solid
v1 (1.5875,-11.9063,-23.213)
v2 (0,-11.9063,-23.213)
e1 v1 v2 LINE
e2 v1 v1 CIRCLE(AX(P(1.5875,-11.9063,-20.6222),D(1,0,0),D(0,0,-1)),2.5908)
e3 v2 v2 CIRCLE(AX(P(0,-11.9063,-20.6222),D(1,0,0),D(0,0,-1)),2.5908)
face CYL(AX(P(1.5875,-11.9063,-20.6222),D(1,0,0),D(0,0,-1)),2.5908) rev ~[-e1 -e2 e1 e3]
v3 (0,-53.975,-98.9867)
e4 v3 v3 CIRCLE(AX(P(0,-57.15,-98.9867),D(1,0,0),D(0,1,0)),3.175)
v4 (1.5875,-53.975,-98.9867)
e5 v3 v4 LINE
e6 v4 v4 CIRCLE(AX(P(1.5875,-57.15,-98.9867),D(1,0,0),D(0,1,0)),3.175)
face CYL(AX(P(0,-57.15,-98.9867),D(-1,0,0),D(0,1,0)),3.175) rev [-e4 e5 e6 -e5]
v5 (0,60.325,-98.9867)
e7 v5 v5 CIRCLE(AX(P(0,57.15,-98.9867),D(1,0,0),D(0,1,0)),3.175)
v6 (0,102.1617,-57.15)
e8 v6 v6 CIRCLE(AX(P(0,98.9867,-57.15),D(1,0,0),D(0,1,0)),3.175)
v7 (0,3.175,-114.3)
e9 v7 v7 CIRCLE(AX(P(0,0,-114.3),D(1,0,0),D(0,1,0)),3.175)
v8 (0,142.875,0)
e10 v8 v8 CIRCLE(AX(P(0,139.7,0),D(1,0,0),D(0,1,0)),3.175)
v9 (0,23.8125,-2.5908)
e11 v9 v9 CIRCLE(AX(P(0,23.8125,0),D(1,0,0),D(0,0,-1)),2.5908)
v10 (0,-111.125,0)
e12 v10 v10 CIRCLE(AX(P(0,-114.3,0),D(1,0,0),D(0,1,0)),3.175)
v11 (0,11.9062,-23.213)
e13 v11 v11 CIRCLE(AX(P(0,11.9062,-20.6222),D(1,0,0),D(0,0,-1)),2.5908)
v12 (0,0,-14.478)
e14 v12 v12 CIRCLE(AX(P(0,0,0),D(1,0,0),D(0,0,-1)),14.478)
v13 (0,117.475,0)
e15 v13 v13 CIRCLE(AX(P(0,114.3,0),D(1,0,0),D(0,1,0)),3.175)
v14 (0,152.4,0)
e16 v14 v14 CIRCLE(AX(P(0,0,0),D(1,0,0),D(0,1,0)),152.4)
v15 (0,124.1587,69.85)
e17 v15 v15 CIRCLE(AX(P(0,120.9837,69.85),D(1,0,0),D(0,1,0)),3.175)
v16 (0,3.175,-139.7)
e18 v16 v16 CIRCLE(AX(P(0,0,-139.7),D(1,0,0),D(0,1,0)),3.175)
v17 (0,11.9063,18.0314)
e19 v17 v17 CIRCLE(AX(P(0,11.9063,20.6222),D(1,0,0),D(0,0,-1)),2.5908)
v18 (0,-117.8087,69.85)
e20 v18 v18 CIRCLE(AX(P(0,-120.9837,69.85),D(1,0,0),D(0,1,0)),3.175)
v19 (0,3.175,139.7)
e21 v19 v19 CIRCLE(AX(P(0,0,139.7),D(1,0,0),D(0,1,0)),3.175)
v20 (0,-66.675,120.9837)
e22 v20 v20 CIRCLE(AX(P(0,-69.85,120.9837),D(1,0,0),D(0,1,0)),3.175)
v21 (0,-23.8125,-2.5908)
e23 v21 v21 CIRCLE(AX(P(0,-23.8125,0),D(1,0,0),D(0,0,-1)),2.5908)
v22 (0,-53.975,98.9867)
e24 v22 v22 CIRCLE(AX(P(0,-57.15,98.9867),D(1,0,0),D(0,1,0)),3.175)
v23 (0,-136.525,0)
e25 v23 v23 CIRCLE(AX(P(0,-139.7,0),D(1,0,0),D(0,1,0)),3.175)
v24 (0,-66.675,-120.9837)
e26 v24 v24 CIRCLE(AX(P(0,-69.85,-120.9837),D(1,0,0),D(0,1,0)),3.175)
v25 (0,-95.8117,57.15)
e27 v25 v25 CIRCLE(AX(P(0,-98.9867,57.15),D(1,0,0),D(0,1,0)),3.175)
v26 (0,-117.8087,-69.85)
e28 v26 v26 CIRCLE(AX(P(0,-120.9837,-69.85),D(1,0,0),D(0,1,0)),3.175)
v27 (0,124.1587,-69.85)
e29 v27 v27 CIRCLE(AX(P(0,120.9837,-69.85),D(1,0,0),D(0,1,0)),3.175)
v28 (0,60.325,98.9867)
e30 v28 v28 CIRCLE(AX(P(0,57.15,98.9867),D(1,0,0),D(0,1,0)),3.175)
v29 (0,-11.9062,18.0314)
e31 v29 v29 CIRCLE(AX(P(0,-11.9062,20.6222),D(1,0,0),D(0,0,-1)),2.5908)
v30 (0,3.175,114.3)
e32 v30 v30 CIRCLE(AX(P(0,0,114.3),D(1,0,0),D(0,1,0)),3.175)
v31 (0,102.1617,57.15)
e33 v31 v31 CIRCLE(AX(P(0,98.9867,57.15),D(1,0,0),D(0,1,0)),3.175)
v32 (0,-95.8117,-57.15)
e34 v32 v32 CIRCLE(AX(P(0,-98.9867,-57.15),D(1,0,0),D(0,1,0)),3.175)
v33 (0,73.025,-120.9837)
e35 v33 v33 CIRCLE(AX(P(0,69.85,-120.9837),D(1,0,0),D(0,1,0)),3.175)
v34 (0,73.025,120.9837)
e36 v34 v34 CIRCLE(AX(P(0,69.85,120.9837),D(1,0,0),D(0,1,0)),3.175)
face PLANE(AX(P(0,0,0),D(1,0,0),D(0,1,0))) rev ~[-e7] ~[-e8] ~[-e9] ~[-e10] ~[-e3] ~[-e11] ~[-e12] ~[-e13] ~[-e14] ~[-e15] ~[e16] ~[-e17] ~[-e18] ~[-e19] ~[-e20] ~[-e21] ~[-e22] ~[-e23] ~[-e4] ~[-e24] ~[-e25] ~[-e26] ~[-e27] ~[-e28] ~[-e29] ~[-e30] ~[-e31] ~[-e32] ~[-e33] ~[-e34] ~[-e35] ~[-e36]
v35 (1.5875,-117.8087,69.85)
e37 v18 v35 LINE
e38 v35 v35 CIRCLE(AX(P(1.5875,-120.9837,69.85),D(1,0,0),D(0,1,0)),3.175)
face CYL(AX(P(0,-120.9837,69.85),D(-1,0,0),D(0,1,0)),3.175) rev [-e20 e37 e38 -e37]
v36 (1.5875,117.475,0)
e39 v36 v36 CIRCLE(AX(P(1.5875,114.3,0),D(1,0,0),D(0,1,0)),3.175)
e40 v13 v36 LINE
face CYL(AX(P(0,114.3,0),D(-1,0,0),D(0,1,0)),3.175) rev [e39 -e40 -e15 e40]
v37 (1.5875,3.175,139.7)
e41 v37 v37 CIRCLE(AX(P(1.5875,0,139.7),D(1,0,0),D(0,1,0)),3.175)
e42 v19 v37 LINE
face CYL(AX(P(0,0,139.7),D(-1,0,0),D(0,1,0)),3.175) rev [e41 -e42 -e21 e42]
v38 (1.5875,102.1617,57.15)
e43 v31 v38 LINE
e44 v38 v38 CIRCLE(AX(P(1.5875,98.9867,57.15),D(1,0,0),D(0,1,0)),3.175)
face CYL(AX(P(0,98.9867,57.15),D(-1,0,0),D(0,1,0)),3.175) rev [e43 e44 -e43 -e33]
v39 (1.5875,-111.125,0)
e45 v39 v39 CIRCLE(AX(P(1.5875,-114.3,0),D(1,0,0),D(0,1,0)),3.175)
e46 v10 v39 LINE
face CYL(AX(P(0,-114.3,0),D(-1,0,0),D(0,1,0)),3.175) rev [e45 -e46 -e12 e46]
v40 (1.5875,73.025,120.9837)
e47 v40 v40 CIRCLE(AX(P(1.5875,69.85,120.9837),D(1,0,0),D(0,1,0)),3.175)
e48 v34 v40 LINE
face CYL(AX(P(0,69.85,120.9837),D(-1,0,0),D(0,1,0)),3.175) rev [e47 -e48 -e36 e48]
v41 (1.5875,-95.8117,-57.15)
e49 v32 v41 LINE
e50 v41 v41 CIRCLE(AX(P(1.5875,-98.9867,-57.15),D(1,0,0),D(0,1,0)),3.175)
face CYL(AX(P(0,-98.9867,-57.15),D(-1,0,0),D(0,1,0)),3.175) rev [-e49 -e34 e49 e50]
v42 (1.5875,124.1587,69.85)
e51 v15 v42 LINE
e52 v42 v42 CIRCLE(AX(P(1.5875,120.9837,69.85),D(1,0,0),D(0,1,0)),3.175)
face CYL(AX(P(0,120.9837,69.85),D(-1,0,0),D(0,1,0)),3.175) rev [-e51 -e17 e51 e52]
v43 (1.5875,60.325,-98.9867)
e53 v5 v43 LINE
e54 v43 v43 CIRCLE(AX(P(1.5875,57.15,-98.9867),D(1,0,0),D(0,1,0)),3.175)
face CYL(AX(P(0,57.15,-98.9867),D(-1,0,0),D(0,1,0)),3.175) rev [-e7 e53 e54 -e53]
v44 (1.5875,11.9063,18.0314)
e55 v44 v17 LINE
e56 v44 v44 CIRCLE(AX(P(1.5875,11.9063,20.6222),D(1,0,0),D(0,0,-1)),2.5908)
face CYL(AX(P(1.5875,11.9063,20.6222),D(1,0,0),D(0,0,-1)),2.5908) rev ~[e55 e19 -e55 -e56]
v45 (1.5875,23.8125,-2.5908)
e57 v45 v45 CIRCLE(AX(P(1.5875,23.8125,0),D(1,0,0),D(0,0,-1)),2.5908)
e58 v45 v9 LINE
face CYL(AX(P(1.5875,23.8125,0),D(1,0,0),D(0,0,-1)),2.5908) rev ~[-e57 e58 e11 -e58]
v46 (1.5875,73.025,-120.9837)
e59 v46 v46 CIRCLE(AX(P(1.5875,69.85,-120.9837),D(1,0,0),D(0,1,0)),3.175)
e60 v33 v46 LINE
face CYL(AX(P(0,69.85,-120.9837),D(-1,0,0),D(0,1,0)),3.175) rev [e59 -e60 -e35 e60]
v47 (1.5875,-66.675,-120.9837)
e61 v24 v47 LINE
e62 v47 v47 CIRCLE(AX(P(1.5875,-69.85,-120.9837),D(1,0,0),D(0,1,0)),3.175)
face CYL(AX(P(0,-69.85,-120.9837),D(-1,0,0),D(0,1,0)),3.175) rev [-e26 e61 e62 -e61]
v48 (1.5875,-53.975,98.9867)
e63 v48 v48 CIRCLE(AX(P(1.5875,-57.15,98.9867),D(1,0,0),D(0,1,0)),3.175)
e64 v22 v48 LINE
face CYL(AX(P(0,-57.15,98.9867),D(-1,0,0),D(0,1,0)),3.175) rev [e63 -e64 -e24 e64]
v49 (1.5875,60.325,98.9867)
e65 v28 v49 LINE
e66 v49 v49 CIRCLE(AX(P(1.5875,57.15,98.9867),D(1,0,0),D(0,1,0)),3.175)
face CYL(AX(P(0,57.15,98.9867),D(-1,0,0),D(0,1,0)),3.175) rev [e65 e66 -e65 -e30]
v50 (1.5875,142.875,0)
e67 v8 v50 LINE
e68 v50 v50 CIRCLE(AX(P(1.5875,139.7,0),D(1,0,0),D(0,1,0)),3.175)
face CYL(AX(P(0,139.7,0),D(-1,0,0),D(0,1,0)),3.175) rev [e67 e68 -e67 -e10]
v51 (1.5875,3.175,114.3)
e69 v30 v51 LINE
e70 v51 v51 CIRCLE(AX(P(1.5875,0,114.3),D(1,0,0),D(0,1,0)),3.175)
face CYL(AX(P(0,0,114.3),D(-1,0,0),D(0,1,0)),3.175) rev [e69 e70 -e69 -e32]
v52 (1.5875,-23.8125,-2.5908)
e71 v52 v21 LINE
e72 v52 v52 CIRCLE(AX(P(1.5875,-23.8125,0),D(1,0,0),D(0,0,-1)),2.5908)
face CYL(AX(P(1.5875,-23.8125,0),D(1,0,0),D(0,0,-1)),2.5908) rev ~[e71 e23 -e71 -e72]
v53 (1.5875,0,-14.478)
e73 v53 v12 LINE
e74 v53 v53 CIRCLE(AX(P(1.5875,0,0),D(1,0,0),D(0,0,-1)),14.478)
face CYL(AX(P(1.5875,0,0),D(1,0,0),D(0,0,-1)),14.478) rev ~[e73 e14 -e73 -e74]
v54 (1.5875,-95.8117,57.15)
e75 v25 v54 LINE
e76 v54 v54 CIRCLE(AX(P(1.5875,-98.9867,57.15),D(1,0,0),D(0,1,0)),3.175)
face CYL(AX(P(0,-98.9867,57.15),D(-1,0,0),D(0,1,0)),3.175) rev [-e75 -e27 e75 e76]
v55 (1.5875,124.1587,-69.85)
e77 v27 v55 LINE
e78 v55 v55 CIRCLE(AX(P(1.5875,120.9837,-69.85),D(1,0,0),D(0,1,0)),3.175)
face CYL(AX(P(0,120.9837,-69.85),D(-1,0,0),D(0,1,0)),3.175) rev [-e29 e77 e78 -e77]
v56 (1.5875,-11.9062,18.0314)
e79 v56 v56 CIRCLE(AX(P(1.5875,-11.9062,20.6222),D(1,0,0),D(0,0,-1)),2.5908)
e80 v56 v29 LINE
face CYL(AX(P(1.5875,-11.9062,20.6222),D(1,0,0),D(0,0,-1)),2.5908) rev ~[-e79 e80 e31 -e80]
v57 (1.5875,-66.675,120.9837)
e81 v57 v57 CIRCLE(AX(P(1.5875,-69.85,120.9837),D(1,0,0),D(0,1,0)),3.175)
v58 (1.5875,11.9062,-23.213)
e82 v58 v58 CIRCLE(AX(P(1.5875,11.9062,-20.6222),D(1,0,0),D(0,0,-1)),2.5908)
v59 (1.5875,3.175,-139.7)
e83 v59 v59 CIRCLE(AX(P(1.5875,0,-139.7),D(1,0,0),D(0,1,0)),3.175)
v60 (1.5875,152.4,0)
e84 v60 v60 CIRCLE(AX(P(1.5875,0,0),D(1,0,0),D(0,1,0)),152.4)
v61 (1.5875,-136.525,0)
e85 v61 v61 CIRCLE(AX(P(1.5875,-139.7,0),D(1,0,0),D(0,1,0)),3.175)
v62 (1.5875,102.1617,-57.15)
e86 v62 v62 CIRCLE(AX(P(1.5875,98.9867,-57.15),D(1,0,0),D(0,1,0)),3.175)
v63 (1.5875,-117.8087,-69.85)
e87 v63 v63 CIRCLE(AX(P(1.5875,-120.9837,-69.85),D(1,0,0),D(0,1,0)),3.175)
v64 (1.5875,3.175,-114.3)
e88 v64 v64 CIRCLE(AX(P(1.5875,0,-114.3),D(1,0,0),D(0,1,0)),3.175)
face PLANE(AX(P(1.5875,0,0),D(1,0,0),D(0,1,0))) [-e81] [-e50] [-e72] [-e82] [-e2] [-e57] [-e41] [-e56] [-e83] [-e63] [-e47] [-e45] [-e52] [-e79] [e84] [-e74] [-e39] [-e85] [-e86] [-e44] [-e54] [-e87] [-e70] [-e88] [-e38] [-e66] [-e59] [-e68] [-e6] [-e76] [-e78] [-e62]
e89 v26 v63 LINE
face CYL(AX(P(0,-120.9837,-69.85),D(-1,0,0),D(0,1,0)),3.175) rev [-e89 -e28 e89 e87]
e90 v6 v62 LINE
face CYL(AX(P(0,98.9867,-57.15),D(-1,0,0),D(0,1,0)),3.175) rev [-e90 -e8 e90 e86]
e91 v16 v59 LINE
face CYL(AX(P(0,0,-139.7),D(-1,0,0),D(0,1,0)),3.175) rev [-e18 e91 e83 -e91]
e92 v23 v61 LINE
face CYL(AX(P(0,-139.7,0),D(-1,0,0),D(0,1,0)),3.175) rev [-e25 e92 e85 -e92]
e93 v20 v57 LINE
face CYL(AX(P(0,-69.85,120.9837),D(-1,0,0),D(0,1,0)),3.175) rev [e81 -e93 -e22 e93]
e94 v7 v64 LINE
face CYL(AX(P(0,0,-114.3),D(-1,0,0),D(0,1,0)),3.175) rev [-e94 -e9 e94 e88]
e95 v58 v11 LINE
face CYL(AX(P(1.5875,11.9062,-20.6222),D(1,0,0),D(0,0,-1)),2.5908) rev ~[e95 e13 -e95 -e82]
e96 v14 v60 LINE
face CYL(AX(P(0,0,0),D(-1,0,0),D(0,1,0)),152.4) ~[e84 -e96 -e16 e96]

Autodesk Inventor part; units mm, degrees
ref_plane "YZ Plane" through (0, 0, 0) normal (1, 0, 0) x (0, 1, 0)
ref_plane "XZ Plane" through (0, 0, 0) normal (0, 1, 0) x (-1, 0, 0)
ref_plane "XY Plane" through (0, 0, 0) normal (0, 0, 1) x (1, 0, 0)
sketch "Sketch1" plane through (0, 0, 0) normal (1, 0, 0) x (0, 1, 0)
  circle A0 centre (0, 0) radius 152.4
  line L0 (-213.36, 0) -> (213.36, 0) construction
  line L1 (0, -213.36) -> (0, 213.36) construction
  circle A1 centre (0, 139.7) radius 3.175
  circle A2 centre (0, 114.3) radius 3.175
  circle A3 centre (-69.85, 120.9837) radius 3.175
  circle A4 centre (-57.15, 98.9867) radius 3.175
  circle A5 centre (-120.9837, 69.85) radius 3.175
  circle A6 centre (-98.9867, 57.15) radius 3.175
  circle A7 centre (-139.7, 0) radius 3.175
  circle A8 centre (-114.3, 0) radius 3.175
  circle A9 centre (-120.9837, -69.85) radius 3.175
  circle A10 centre (-98.9867, -57.15) radius 3.175
  circle A11 centre (-69.85, -120.9837) radius 3.175
  circle A12 centre (-57.15, -98.9867) radius 3.175
  circle A13 centre (0, -139.7) radius 3.175
  circle A14 centre (0, -114.3) radius 3.175
  circle A15 centre (69.85, -120.9837) radius 3.175
  circle A16 centre (57.15, -98.9867) radius 3.175
  circle A17 centre (120.9837, -69.85) radius 3.175
  circle A18 centre (98.9867, -57.15) radius 3.175
  circle A19 centre (139.7, 0) radius 3.175
  circle A20 centre (114.3, 0) radius 3.175
  circle A21 centre (120.9837, 69.85) radius 3.175
  circle A22 centre (98.9867, 57.15) radius 3.175
  circle A23 centre (69.85, 120.9837) radius 3.175
  circle A24 centre (57.15, 98.9867) radius 3.175
  point P0 (0, 152.4)
  dimension "d0" = 304.8
  dimension "d1" = 12.7
  dimension "d2" = 25.4
  dimension "d3" = 6.35
  dimension "d6" = 360
extrude "Extrusion1" add sketch "Sketch1" along normal blind 1.5875
sketch "Sketch2" plane through (1.5875, 0, 0) normal (1, 0, 0) x (0, 0, -1)
  line L0 (349.6771, 0) -> (-295.3462, 0) construction
  line L1 (0, -359.8437) -> (0, 297.0406) construction
  circle A0 centre (0, 0) radius 14.478
  circle A1 centre (0, 23.8125) radius 2.5908
  circle A2 centre (0, 0) radius 23.8125 construction
  circle A3 centre (-20.6222, 11.9063) radius 2.5908
  circle A4 centre (-20.6222, -11.9062) radius 2.5908
  circle A5 centre (0, -23.8125) radius 2.5908
  circle A6 centre (20.6222, -11.9063) radius 2.5908
  circle A7 centre (20.6222, 11.9062) radius 2.5908
  dimension "d12" = 47.625
  dimension "d10" = 28.956
  dimension "d11" = 5.1816
  dimension "d15" = 360
extrude "Extrusion2" cut sketch "Sketch2" against normal through all
properties part number "Wall" material "Aluminum 6061"
